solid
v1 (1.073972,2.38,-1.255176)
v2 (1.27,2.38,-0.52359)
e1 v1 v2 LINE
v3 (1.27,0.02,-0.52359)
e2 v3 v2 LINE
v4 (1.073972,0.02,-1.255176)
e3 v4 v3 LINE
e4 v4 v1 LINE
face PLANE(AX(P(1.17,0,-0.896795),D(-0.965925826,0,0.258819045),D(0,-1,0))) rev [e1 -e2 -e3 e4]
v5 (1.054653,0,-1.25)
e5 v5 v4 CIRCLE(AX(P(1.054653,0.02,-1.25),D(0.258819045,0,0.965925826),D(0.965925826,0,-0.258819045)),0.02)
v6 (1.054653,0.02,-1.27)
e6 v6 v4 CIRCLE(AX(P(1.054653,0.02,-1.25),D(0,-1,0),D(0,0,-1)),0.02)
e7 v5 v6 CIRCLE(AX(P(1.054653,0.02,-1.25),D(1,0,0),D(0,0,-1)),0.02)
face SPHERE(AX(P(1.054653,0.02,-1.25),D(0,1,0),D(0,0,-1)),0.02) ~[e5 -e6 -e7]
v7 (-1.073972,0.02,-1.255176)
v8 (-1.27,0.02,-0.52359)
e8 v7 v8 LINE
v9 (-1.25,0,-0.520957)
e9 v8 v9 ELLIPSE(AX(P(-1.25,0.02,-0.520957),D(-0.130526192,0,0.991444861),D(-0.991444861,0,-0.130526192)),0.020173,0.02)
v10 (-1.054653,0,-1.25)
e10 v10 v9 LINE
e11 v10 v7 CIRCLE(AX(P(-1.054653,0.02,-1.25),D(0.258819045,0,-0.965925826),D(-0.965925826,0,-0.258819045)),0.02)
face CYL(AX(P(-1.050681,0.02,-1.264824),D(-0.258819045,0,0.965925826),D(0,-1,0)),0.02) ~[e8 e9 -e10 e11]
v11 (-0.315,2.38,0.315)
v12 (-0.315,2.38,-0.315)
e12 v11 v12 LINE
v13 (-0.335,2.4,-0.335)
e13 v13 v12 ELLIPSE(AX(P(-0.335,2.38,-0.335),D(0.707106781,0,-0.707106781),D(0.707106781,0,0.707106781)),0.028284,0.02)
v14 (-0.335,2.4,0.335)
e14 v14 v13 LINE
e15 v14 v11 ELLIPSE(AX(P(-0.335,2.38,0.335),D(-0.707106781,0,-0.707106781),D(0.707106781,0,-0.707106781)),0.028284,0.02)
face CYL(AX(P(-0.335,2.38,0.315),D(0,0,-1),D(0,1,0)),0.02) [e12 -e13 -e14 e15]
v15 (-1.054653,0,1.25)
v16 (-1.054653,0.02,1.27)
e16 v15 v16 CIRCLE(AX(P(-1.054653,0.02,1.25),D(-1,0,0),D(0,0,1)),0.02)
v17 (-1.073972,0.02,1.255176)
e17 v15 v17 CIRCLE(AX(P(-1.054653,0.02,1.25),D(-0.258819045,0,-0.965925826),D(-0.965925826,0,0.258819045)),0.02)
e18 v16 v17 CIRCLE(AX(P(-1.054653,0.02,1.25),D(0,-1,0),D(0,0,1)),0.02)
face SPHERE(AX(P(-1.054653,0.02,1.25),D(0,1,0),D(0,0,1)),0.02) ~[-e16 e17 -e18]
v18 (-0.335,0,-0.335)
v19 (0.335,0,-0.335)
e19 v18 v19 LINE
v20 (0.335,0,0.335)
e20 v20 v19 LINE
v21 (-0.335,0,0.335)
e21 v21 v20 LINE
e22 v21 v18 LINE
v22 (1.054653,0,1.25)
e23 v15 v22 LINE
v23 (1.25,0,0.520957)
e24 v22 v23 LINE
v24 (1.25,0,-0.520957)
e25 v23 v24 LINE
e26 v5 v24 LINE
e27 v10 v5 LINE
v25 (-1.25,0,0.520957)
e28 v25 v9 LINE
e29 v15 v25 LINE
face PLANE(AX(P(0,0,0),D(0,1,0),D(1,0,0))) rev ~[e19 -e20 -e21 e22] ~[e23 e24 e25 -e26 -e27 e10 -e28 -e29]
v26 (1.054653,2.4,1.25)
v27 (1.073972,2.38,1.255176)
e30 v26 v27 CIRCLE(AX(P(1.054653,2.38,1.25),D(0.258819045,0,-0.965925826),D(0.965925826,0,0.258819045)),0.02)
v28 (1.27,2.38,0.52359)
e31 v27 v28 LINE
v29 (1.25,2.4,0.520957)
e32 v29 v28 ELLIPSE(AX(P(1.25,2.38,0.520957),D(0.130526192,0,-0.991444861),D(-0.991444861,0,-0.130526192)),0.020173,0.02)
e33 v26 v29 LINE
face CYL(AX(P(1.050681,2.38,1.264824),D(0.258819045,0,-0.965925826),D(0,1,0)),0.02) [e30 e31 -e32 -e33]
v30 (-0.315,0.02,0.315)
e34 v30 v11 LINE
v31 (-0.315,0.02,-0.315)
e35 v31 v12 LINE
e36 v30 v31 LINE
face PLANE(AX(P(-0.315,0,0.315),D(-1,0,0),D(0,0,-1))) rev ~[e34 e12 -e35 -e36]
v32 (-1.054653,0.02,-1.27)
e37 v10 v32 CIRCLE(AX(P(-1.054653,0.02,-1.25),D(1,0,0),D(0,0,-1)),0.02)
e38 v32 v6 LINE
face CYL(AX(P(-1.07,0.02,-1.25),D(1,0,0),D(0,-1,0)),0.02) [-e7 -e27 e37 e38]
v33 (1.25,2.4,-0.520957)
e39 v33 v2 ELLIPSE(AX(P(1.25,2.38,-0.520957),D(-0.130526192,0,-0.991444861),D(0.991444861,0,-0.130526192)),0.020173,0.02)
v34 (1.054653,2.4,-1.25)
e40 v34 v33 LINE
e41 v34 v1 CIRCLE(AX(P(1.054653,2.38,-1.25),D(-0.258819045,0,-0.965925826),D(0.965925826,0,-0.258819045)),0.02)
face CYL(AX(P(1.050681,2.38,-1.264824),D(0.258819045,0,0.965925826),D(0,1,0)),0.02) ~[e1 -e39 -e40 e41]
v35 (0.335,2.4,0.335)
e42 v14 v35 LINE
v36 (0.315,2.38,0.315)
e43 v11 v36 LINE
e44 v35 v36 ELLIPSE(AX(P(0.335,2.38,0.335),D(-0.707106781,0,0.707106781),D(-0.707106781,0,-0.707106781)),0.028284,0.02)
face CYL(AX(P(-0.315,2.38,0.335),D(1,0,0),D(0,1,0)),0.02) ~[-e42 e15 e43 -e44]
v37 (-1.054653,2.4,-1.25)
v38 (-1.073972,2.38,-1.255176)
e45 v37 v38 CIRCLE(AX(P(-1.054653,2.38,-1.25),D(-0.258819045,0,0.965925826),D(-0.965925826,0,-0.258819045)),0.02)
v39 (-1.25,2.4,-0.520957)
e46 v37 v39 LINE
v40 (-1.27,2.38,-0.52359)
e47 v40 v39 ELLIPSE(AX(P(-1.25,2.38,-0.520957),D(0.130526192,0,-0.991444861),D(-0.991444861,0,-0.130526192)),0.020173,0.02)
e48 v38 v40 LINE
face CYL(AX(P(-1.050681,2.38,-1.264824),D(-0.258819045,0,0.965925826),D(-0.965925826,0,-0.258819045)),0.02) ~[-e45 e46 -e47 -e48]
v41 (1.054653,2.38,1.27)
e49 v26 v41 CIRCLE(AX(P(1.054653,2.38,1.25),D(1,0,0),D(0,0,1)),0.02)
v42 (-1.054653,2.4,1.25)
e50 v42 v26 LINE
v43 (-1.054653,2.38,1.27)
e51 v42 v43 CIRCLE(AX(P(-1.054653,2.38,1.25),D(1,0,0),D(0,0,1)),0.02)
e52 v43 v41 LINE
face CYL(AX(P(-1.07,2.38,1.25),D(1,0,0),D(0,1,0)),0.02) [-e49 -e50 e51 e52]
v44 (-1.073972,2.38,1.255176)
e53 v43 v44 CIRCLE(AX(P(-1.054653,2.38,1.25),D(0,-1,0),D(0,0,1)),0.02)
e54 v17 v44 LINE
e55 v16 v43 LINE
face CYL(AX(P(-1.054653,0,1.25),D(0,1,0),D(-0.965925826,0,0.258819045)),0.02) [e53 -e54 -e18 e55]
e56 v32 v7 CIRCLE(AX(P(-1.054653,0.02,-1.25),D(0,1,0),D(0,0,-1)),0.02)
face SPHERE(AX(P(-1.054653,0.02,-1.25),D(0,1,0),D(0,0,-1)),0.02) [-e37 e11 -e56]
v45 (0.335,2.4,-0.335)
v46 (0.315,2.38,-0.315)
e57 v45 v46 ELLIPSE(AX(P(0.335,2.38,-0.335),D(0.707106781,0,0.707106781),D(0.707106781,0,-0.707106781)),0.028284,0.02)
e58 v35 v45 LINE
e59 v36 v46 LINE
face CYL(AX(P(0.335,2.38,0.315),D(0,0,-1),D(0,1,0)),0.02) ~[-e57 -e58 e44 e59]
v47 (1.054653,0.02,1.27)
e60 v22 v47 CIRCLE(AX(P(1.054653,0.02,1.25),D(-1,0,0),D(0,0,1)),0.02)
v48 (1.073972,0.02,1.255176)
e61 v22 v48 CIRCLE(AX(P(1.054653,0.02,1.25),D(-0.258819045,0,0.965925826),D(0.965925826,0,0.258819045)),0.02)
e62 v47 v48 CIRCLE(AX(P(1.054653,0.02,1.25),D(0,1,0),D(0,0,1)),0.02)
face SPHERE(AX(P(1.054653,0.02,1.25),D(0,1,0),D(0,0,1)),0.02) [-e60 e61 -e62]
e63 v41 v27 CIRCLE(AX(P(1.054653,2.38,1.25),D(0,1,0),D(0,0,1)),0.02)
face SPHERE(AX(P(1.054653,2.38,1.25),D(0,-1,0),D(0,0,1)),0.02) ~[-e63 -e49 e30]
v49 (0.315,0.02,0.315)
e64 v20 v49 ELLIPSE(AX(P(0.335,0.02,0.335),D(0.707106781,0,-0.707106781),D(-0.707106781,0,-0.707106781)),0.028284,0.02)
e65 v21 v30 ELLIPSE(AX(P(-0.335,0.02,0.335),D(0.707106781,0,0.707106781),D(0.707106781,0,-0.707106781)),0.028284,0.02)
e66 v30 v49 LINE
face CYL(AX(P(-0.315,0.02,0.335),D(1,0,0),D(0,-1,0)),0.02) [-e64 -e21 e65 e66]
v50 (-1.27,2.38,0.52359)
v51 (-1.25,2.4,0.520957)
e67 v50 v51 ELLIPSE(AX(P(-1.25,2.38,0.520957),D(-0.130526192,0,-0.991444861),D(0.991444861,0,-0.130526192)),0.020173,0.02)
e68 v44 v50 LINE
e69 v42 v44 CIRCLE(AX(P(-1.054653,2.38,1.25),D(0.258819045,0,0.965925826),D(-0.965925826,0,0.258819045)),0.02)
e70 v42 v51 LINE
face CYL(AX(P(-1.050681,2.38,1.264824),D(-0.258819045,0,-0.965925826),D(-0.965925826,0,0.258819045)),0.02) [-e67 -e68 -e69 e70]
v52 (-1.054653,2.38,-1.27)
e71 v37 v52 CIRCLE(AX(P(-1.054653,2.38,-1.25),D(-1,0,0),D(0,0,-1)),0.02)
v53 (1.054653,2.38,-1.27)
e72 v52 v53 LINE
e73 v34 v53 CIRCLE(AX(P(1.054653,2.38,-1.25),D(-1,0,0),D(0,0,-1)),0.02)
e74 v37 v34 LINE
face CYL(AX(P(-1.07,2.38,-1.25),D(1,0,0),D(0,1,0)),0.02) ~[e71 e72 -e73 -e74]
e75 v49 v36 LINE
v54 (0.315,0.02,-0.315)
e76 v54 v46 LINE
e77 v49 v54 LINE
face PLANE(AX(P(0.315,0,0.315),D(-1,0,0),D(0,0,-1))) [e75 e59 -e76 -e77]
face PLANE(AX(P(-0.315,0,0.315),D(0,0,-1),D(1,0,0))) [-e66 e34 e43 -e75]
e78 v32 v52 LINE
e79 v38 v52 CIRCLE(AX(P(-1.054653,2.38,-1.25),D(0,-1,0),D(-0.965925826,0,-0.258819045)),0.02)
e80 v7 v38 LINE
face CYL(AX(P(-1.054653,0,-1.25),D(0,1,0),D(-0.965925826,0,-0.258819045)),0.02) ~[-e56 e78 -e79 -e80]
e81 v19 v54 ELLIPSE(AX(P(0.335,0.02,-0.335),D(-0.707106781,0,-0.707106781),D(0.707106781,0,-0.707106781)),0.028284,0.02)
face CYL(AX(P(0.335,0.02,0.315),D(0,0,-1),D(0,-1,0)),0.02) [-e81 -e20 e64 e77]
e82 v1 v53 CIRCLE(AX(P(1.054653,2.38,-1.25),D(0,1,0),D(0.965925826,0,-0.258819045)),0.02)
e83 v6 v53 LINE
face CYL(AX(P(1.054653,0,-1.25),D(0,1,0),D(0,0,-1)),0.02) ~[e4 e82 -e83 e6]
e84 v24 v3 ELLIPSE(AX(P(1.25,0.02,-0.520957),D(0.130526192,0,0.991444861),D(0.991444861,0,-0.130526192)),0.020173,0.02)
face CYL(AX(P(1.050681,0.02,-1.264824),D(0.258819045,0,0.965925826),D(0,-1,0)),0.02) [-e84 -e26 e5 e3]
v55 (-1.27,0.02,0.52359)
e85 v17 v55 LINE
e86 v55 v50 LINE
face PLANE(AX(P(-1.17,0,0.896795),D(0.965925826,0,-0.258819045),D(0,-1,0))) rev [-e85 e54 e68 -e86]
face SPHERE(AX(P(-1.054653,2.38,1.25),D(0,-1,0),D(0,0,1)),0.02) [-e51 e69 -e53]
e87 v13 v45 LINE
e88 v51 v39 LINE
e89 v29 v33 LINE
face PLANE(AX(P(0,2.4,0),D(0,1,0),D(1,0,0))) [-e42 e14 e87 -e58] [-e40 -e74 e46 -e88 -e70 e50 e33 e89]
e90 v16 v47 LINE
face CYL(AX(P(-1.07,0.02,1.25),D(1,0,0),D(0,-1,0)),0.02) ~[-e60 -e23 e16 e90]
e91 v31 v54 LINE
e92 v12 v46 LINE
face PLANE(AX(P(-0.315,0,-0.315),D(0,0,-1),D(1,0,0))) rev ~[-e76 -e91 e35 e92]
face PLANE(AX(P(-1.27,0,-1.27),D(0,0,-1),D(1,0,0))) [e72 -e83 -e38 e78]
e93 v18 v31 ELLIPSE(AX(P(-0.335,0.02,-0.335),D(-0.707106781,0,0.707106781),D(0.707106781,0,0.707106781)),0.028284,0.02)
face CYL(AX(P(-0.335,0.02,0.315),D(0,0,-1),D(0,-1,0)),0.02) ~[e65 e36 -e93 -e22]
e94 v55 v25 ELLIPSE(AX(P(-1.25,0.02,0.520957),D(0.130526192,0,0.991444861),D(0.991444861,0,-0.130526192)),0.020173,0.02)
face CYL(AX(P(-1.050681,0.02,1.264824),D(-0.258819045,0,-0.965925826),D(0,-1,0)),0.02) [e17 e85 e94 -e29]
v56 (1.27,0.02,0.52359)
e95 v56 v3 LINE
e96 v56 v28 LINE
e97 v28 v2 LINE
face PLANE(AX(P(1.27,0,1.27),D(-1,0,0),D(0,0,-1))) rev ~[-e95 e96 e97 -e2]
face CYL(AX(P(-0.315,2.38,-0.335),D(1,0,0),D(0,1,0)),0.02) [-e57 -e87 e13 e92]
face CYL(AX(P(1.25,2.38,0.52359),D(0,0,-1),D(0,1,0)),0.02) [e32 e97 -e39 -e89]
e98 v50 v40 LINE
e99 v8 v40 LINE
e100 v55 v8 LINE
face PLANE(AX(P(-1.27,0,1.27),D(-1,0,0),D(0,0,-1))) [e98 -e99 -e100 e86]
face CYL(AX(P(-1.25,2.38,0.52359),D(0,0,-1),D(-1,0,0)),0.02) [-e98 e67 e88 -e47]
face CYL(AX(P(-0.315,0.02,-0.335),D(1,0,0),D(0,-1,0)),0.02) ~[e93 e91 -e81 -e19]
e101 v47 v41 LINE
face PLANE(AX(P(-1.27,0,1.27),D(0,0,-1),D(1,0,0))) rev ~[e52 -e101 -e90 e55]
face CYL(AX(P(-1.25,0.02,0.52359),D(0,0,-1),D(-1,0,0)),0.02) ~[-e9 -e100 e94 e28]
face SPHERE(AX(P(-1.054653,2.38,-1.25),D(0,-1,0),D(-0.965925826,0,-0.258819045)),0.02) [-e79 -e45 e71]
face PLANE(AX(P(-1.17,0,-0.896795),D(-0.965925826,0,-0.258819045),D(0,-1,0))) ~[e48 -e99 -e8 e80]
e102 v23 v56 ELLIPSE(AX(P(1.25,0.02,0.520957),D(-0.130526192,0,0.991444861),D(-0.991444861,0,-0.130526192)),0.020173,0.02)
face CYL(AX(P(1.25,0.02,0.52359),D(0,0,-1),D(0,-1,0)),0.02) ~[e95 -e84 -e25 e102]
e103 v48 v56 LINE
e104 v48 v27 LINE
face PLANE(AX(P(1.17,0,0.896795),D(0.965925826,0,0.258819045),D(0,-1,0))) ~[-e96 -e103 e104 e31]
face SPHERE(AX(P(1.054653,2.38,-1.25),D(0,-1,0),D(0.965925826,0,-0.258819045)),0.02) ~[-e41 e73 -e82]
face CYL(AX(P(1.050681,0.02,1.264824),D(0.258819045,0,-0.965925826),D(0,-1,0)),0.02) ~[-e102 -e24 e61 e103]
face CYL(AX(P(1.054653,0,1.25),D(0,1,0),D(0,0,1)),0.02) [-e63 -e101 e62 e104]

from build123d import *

# Parameters (mm, degrees)
SKETCH1_W             = 2.54
SKETCH1_H             = 2.54
SKETCH1_W_2           = 0.63
SKETCH1_H_2           = 0.63
BOSS_EXTRUDE1_DEPTH   = 2.4
CHAMFER1_SIZE         = 0.2
CHAMFER1_SIZE2        = 0.746410162
CHAMFER1_PART_2_SIZE  = 0.2
CHAMFER1_PART_2_SIZE2 = 0.746410162
FILLET1_R             = 0.02


with BuildPart() as part:
    # Sketch1 → Boss-Extrude1 (new body)
    with BuildSketch(Plane(origin=(0, 0, 0), x_dir=(1, 0, 0), z_dir=(0, 1, 0))):
        Rectangle(SKETCH1_W, SKETCH1_H)
        Rectangle(SKETCH1_W_2, SKETCH1_H_2, mode=Mode.SUBTRACT)
    extrude(amount=BOSS_EXTRUDE1_DEPTH)

    # Chamfer1
    chamfer1_edges = [part.edges().sort_by_distance(p)[0] for p in [
        (1.27, 1.2, 1.27),
        (-1.27, 1.2, 1.27),
    ]]
    chamfer1_side = [part.faces().sort_by_distance(p)[0] for p in [
        (0, 1.2, 1.27),
    ]]
    chamfer(chamfer1_edges, length=CHAMFER1_SIZE, length2=CHAMFER1_SIZE2, reference=chamfer1_side[0])

    # Chamfer1 part 2
    chamfer1_part_2_edges = [part.edges().sort_by_distance(p)[0] for p in [
        (-1.27, 1.2, -1.27),
        (1.27, 1.2, -1.27),
    ]]
    chamfer1_part_2_side = [part.faces().sort_by_distance(p)[0] for p in [
        (0, 1.2, -1.27),
    ]]
    chamfer(chamfer1_part_2_edges, length=CHAMFER1_PART_2_SIZE, length2=CHAMFER1_PART_2_SIZE2, reference=chamfer1_part_2_side[0])

    # Fillet1
    fillet1_edges = [part.edges().sort_by_distance(p)[0] for p in [
        (0.315, 0, 0),
        (0, 0, -0.315),
        (-0.315, 0, 0),
        (0, 0, 0.315),
        (0.315, 2.4, 0),
        (0, 2.4, -0.315),
        (-0.315, 2.4, 0),
        (0, 2.4, 0.315),
        (-1.27, 0, 0),
        (-1.27, 2.4, 0),
        (1.27, 0, 0),
        (0, 0, 1.27),
        (0, 0, -1.27),
        (1.17, 0, 0.896794919),
        (-1.17, 0, 0.896794919),
        (1.17, 0, -0.896794919),
        (-1.17, 0, -0.896794919),
        (0, 2.4, -1.27),
        (1.07, 1.2, -1.27),
        (-1.07, 1.2, -1.27),
        (1.27, 2.4, 0),
        (0, 2.4, 1.27),
        (1.17, 2.4, 0.896794919),
        (-1.17, 2.4, 0.896794919),
        (1.17, 2.4, -0.896794919),
        (-1.17, 2.4, -0.896794919),
        (1.07, 1.2, 1.27),
        (-1.07, 1.2, 1.27),
    ]]
    fillet(fillet1_edges, radius=FILLET1_R)


solid = part.part
